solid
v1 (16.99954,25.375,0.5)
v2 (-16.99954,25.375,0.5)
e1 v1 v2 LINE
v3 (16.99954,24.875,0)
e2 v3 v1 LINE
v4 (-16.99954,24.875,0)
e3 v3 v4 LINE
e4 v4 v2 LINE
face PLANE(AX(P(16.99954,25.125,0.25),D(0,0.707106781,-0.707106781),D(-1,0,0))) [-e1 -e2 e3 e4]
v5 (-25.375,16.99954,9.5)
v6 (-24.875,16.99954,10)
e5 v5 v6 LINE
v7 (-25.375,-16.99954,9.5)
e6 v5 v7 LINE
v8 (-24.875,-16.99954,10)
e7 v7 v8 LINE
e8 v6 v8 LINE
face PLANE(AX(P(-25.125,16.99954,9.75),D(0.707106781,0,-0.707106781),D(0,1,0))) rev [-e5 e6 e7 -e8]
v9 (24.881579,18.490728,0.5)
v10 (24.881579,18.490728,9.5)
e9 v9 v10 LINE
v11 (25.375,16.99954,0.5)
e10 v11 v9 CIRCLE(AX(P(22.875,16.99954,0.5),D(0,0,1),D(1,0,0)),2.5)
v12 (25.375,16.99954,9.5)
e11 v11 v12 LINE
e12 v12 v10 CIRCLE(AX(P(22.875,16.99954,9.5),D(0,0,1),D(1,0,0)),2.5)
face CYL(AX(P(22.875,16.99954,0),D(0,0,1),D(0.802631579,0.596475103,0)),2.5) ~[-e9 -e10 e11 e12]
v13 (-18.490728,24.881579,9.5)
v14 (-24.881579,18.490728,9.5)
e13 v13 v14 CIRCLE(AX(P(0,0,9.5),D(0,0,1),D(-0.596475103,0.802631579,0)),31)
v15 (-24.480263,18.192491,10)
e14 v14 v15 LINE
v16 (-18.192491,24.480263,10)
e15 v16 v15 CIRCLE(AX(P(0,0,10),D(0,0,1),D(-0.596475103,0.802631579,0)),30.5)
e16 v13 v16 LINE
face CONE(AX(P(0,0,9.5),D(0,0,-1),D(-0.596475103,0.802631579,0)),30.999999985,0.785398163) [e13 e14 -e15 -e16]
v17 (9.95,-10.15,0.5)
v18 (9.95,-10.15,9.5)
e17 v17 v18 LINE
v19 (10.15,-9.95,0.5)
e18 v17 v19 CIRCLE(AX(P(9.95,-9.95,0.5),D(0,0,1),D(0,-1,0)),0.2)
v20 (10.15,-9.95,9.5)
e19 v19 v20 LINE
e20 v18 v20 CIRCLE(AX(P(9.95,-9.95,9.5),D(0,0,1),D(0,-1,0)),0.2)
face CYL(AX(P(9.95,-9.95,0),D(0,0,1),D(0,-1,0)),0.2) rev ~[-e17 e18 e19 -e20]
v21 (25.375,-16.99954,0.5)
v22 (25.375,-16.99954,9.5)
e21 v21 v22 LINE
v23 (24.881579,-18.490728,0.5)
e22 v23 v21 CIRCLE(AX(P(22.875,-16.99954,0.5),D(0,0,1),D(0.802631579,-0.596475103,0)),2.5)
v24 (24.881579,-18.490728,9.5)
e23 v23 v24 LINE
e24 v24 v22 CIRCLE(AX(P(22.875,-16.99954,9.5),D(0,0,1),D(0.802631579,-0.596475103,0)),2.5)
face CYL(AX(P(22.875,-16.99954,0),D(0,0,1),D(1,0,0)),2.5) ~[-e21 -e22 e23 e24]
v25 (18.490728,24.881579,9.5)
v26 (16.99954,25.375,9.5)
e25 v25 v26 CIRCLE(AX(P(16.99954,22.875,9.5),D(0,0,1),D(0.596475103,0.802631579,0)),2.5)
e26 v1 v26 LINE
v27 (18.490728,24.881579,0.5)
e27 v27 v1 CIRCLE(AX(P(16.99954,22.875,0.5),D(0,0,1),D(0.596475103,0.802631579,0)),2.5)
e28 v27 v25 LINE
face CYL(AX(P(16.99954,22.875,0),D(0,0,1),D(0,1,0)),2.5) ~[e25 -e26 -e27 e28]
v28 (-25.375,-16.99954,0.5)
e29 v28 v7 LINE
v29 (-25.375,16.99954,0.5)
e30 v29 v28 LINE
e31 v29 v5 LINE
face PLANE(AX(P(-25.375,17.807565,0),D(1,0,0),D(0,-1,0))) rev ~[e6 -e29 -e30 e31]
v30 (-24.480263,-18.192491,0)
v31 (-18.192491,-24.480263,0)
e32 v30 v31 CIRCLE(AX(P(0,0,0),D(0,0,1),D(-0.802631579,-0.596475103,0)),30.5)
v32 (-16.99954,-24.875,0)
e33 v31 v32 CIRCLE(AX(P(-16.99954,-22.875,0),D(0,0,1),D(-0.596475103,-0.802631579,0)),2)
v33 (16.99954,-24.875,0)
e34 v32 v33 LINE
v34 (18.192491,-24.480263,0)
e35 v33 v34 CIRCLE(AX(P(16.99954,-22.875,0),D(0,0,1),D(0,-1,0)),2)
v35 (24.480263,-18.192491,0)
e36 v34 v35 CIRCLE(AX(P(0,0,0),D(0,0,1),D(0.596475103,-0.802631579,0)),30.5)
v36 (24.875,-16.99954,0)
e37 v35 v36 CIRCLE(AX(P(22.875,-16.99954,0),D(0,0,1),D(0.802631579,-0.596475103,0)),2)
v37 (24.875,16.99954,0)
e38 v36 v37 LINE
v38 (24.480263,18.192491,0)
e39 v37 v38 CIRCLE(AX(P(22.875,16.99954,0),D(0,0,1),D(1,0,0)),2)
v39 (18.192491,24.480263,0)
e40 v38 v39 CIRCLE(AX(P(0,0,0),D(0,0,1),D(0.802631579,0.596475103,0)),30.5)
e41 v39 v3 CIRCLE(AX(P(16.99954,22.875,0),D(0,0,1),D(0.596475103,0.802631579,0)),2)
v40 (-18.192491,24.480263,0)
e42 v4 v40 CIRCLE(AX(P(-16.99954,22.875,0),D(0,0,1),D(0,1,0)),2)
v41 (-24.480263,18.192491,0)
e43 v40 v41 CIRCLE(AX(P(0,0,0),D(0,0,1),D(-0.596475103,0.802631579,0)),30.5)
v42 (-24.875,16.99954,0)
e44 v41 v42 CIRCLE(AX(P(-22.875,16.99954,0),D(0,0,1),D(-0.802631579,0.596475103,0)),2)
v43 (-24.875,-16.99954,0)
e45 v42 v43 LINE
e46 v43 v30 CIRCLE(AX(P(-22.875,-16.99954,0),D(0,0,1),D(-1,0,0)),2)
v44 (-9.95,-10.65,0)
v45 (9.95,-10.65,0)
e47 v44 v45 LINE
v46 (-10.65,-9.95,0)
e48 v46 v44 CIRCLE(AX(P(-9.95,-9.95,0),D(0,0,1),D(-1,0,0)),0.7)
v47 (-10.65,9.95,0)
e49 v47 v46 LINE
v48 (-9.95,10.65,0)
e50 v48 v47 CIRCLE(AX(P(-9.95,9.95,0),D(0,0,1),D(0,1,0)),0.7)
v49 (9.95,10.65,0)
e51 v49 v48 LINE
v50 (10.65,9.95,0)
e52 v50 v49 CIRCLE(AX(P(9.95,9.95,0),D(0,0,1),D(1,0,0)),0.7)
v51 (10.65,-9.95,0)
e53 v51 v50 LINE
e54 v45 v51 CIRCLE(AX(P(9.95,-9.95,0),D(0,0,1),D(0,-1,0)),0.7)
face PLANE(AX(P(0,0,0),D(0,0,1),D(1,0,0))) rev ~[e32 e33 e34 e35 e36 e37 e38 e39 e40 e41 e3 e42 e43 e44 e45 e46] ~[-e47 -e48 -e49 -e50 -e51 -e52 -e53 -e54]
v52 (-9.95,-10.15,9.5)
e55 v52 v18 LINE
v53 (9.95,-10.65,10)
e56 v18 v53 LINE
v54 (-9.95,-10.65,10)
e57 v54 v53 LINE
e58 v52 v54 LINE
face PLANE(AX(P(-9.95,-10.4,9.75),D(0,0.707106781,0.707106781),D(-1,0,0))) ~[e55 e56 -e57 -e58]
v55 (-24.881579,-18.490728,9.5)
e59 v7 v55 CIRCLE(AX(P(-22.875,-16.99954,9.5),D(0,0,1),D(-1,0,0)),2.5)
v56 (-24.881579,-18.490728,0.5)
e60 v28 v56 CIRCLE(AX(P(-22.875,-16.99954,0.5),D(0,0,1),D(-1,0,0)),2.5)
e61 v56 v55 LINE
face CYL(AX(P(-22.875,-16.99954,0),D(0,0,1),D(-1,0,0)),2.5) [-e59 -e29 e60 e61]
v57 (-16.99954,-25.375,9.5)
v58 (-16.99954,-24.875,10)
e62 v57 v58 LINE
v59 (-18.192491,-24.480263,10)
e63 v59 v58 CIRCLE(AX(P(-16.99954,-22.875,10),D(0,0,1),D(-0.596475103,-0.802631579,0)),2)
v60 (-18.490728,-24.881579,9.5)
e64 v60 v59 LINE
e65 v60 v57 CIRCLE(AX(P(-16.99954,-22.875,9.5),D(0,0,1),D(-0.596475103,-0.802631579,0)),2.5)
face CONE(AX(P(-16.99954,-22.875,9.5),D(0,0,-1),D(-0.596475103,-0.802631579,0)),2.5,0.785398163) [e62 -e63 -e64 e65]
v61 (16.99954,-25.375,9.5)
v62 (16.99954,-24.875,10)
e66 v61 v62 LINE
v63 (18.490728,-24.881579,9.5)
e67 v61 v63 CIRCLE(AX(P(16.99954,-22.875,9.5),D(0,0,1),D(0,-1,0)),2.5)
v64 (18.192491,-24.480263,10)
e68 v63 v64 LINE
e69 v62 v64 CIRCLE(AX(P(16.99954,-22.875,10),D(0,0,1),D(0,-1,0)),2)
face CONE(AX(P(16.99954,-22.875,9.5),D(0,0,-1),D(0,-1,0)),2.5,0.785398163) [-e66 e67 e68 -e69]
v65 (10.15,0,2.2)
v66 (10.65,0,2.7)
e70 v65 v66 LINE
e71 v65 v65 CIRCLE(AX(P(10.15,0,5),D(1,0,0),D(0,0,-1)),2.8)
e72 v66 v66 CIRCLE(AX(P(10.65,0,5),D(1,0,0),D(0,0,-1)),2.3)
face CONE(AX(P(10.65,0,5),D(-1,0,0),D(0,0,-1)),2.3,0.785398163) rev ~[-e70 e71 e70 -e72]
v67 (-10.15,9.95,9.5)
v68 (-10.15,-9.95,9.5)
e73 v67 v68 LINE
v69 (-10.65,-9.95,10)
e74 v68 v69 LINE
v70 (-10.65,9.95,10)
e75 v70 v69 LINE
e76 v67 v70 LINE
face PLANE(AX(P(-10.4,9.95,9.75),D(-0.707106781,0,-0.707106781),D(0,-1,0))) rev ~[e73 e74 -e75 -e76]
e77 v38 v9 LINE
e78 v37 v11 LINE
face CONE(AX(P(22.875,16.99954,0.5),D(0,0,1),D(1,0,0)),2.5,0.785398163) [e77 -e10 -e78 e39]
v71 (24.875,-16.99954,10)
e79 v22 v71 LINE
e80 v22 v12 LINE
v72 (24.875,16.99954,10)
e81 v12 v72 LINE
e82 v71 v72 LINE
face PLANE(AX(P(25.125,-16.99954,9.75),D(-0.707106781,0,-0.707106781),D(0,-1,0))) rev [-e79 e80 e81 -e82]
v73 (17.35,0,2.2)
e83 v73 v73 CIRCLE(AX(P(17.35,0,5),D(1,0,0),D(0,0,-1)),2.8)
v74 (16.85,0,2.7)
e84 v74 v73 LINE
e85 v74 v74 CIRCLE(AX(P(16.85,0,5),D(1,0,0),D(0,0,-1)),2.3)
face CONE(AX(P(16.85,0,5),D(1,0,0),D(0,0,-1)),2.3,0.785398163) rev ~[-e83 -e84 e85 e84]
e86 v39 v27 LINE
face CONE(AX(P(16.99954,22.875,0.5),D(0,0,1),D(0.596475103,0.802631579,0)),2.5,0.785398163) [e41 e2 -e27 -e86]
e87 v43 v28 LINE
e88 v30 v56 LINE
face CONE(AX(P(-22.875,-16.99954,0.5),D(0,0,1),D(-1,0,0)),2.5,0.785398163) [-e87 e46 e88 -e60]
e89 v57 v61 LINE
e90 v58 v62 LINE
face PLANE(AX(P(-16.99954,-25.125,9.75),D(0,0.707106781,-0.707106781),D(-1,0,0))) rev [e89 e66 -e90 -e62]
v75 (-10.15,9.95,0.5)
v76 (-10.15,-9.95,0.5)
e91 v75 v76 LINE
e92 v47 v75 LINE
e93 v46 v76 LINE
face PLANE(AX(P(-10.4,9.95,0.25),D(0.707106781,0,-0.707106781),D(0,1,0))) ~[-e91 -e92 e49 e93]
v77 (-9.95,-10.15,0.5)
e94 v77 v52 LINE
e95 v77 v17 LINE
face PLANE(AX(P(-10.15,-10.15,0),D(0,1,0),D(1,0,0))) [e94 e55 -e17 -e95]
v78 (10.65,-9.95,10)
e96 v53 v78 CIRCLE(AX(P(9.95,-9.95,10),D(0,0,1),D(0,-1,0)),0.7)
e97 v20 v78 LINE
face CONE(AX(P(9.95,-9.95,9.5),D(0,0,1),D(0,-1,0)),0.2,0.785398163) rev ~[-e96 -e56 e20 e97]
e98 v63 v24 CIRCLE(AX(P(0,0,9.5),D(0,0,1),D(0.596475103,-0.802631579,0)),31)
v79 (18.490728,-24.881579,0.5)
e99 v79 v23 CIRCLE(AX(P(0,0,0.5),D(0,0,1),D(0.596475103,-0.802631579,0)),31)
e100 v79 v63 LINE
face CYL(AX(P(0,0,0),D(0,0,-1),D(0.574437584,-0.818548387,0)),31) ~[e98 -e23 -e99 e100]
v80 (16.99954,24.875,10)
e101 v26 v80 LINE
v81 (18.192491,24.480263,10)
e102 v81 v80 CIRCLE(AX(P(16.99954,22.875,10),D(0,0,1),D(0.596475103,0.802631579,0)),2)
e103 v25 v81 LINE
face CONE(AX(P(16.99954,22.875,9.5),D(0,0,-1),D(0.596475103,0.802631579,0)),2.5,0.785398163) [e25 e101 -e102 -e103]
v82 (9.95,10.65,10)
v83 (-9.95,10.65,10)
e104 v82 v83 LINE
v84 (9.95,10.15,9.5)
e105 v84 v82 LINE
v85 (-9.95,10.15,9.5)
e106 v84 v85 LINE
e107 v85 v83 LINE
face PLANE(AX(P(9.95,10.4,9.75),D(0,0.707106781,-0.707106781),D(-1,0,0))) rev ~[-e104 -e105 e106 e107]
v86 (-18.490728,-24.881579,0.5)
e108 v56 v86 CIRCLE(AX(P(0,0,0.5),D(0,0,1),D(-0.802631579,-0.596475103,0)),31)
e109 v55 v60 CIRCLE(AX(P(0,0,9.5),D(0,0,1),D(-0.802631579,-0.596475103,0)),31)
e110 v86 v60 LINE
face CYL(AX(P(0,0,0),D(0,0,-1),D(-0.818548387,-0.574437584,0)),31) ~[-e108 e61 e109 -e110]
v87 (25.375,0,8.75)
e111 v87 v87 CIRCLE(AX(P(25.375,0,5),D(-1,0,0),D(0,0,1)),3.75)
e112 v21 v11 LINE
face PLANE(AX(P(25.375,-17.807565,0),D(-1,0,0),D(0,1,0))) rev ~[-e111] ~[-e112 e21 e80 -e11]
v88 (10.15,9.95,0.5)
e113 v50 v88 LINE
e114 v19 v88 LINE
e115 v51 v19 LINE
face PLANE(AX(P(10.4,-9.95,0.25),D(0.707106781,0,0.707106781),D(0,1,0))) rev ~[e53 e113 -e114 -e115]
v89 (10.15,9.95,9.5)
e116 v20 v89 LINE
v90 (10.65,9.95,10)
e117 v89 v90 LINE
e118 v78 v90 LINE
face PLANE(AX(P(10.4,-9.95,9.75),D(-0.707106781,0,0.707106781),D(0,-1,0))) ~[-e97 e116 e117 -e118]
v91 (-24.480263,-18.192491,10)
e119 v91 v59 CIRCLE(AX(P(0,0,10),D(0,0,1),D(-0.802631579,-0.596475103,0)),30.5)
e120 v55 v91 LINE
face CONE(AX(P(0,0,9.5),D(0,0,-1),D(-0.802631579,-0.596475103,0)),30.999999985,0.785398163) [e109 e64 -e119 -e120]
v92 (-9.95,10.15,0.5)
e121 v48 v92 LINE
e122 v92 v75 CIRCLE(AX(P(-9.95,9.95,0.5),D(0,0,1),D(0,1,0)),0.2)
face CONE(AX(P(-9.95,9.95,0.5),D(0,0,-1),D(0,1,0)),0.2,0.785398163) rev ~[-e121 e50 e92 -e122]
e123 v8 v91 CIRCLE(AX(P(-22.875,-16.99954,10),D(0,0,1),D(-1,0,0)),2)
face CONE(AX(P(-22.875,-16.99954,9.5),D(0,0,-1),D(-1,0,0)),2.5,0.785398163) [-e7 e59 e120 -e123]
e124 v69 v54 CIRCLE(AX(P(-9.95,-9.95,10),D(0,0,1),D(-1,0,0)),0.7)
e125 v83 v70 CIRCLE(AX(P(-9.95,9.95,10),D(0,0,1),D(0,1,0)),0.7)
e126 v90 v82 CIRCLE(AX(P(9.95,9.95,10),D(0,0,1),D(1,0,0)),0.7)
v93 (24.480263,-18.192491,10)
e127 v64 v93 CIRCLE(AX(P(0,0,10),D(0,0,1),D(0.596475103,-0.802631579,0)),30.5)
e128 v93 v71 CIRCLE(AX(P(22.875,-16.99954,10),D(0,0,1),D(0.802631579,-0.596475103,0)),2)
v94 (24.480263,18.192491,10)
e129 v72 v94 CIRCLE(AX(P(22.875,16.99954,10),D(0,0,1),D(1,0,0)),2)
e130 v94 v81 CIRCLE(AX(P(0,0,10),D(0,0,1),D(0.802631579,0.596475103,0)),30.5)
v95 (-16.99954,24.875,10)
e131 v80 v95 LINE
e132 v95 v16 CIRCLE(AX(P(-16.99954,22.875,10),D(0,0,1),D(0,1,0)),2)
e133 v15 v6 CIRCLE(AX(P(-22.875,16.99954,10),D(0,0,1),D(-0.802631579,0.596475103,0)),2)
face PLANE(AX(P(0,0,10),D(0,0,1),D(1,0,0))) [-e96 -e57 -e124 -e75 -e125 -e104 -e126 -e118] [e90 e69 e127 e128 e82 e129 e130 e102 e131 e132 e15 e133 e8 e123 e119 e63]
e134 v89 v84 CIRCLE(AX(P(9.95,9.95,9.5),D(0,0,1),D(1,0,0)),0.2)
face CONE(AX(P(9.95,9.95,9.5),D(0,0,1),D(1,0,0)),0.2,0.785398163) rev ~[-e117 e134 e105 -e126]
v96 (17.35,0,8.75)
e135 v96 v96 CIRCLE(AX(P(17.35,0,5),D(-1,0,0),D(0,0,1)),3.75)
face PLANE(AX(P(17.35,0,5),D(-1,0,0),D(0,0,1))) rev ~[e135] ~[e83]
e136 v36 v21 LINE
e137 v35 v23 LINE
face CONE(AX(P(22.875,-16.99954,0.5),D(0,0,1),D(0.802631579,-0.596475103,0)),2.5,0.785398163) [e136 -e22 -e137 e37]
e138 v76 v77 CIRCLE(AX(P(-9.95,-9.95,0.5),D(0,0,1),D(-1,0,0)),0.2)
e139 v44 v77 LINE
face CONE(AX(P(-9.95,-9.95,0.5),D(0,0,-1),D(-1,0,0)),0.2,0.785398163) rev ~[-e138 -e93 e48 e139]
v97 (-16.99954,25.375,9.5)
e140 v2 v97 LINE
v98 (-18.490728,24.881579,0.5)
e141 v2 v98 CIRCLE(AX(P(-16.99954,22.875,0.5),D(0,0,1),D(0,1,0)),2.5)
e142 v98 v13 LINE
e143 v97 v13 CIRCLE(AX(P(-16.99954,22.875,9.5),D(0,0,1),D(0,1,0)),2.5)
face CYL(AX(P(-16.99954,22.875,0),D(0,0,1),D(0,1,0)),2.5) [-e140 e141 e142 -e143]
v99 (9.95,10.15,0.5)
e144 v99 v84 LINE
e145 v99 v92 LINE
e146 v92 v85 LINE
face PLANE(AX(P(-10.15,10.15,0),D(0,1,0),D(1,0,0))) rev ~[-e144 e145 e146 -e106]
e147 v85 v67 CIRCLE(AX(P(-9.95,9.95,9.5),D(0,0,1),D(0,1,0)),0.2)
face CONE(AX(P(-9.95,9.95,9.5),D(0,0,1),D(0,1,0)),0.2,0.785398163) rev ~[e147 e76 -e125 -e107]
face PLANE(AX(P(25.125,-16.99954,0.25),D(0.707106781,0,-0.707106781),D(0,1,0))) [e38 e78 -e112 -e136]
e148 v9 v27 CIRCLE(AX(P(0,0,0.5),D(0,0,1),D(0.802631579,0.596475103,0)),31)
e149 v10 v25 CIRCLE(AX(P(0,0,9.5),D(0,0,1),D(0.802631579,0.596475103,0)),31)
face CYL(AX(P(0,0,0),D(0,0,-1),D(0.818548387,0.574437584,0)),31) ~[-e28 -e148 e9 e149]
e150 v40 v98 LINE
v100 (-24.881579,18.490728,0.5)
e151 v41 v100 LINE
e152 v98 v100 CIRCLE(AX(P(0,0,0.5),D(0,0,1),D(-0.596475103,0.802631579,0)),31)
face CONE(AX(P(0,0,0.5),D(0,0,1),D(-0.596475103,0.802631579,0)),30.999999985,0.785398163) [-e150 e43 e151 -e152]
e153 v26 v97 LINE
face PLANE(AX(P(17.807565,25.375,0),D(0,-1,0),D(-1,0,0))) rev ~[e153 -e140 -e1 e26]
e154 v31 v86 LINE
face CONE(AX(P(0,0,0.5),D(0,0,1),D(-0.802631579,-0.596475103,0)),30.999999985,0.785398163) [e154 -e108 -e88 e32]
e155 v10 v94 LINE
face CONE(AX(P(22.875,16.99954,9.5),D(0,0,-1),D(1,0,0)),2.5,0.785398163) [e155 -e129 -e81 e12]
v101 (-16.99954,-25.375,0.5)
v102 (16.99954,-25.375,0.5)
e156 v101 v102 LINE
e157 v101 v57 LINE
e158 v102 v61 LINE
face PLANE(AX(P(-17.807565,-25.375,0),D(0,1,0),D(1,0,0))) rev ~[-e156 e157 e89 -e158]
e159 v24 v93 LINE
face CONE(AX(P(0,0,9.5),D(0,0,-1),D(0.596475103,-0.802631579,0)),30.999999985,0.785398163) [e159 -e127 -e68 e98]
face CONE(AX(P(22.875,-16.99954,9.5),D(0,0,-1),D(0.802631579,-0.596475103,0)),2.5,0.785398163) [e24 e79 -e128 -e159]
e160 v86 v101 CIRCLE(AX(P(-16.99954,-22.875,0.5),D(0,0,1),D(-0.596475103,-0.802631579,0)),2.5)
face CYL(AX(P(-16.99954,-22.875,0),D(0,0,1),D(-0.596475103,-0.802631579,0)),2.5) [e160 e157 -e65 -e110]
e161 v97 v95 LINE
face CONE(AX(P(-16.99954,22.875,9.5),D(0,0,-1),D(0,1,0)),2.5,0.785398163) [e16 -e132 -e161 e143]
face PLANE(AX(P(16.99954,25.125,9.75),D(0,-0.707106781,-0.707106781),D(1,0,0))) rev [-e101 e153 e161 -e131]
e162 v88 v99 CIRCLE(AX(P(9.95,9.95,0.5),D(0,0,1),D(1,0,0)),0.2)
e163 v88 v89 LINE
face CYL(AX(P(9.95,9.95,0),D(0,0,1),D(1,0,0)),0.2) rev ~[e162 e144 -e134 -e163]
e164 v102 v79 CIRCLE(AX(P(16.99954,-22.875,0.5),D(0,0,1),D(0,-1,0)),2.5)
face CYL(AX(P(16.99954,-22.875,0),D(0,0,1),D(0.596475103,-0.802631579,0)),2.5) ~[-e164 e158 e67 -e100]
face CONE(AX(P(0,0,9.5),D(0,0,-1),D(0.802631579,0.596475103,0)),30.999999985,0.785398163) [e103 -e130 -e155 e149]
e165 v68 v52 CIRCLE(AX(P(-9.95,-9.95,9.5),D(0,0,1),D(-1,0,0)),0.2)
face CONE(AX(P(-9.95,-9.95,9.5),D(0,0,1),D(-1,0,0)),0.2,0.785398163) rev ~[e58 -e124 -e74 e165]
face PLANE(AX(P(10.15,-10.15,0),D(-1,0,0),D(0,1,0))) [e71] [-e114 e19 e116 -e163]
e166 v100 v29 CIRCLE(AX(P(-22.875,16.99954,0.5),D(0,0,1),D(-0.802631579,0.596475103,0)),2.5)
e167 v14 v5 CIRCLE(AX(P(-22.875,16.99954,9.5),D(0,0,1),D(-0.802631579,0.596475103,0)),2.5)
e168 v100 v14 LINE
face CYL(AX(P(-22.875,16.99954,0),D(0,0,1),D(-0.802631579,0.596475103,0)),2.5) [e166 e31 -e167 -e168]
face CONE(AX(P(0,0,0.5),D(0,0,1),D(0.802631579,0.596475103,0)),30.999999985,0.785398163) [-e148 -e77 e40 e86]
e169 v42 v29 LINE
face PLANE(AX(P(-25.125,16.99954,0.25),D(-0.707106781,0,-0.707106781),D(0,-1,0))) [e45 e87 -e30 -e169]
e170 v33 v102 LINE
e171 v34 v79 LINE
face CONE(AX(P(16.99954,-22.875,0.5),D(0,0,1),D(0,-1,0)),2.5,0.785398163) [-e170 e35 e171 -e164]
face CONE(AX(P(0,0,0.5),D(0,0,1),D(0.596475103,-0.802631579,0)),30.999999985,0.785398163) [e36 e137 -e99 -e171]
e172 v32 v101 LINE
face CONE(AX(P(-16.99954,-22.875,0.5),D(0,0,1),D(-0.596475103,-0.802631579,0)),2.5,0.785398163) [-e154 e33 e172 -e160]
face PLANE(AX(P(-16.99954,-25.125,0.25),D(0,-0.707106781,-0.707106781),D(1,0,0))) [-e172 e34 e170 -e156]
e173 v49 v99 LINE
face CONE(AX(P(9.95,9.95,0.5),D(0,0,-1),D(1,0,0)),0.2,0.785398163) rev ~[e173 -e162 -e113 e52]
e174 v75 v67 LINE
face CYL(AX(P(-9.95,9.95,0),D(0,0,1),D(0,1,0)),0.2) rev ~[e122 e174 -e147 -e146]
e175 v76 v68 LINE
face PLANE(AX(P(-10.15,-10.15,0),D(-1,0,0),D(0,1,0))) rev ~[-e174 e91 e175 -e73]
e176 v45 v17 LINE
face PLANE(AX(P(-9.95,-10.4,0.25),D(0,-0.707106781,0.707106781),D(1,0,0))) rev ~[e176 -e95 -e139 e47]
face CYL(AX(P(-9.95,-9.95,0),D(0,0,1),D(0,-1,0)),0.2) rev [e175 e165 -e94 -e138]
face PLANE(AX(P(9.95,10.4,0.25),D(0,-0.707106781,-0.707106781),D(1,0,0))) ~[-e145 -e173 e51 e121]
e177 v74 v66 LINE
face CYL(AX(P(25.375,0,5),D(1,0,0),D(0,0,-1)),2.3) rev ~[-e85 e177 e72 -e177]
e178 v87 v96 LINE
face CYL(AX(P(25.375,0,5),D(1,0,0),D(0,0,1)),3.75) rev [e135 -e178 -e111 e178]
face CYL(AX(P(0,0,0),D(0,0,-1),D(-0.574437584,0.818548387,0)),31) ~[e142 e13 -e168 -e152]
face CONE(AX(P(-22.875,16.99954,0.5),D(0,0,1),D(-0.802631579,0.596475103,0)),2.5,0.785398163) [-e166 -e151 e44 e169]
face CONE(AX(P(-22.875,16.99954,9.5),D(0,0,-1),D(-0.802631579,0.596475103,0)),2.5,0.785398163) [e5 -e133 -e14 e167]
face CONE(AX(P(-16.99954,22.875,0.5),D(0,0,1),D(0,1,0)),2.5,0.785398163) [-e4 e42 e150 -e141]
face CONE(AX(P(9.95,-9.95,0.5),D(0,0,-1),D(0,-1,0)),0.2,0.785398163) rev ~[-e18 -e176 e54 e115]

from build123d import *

# Parameters (mm, degrees)
SKIZZE1_W                       = 20.3
SKIZZE1_H                       = 20.3
AUFSATZ_LINEAR_AUSTRAGEN1_DEPTH = 10
VERRUNDUNG1_R                   = 0.2
VERRUNDUNG2_R                   = 2.5
SCHNITT_LINEAR_AUSTRAGEN1_REACH = 52.75
SKIZZE2_R                       = 2.3
CUT_EXTRUDE2_START              = -50.75
SKETCH1_2_R                     = 3.75
CUT_EXTRUDE2_DEPTH              = 8.025
FASE2_SIZE                      = 0.5


with BuildPart() as part:
    # Skizze1 → Aufsatz-Linear austragen1 (new body)
    with BuildSketch(Plane.XY):
        with BuildLine():
            Line((17.807565106, 25.375), (-17.807565106, 25.375))
            ThreePointArc((-17.807565106, 25.375), (-21.920310217, 21.920310217), (-25.375, 17.807565106))
            Line((-25.375, 17.807565106), (-25.375, -17.807565106))
            ThreePointArc((-25.375, -17.807565106), (-21.920310217, -21.920310217), (-17.807565106, -25.375))
            Line((-17.807565106, -25.375), (17.807565106, -25.375))
            ThreePointArc((17.807565106, -25.375), (21.920310217, -21.920310217), (25.375, -17.807565106))
            Line((25.375, -17.807565106), (25.375, 17.807565106))
            ThreePointArc((25.375, 17.807565106), (21.920310217, 21.920310217), (17.807565106, 25.375))
        make_face()
        Rectangle(SKIZZE1_W, SKIZZE1_H, mode=Mode.SUBTRACT)
    extrude(amount=AUFSATZ_LINEAR_AUSTRAGEN1_DEPTH)

    # Verrundung1
    verrundung1_edges = [part.edges().sort_by_distance(p)[0] for p in [
        (10.15, -10.15, 5),
        (10.15, 10.15, 5),
        (-10.15, 10.15, 5),
        (-10.15, -10.15, 5),
    ]]
    fillet(verrundung1_edges, radius=VERRUNDUNG1_R)

    # Verrundung2
    verrundung2_edges = [part.edges().sort_by_distance(p)[0] for p in [
        (25.375, 17.807565106, 5),
        (25.375, -17.807565106, 5),
        (17.807565106, -25.375, 5),
        (-17.807565106, -25.375, 5),
        (-25.375, -17.807565106, 5),
        (-25.375, 17.807565106, 5),
        (-17.807565106, 25.375, 5),
        (17.807565106, 25.375, 5),
    ]]
    fillet(verrundung2_edges, radius=VERRUNDUNG2_R)

    # Skizze2 → Schnitt-Linear austragen1 (cut, up to next)
    with BuildSketch(Plane(origin=(25.375, 0, 0), x_dir=(0, 0, -1), z_dir=(1, 0, 0)), mode=Mode.PRIVATE) as schnitt_linear_austragen1_sk1:
        with Locations((-5, 0)):
            Circle(SKIZZE2_R)
    schnitt_linear_austragen1_tool1 = extrude(schnitt_linear_austragen1_sk1.sketch, amount=-SCHNITT_LINEAR_AUSTRAGEN1_REACH, mode=Mode.PRIVATE) & part.part
    add(schnitt_linear_austragen1_tool1.solids().sort_by_distance((25.375, 0, 5))[0], mode=Mode.SUBTRACT)

    # Sketch1<2> → Cut-Extrude2 (cut)
    with BuildSketch(Plane.ZY.offset(25.375).offset(CUT_EXTRUDE2_START)):
        with Locations((5, 0)):
            Circle(SKETCH1_2_R)
    extrude(amount=CUT_EXTRUDE2_DEPTH, mode=Mode.SUBTRACT)

    # Fase2
    fase2_edges = [part.edges().sort_by_distance(p)[0] for p in [
        (10.15, 0, 7.3),
        (17.35, 0, 7.3),
        (0, -10.15, 0),
        (0, -10.15, 10),
        (10.15, 0, 0),
        (10.15, 0, 10),
        (-10.15, 0, 0),
        (-10.15, 0, 10),
        (0, 10.15, 0),
        (0, 10.15, 10),
        (10.091421356, -10.091421356, 0),
        (10.091421356, -10.091421356, 10),
        (-10.091421356, -10.091421356, 0),
        (-10.091421356, -10.091421356, 10),
        (-10.091421356, 10.091421356, 0),
        (-10.091421356, 10.091421356, 10),
        (10.091421356, 10.091421356, 0),
        (10.091421356, 10.091421356, 10),
        (0, 25.375, 0),
        (0, 25.375, 10),
        (21.920310217, 21.920310217, 0),
        (25.375, 0, 0),
        (21.920310217, -21.920310217, 0),
        (0, -25.375, 0),
        (-21.920310217, -21.920310217, 0),
        (-25.375, 0, 0),
        (-21.920310217, 21.920310217, 0),
        (-17.784891513, 25.248441317, 0),
        (-25.248441317, 17.784891513, 0),
        (-25.248441317, -17.784891513, 0),
        (-17.784891513, -25.248441317, 0),
        (17.784891513, -25.248441317, 0),
        (25.248441317, -17.784891513, 0),
        (25.248441317, 17.784891513, 0),
        (17.784891513, 25.248441317, 0),
        (21.920310217, 21.920310217, 10),
        (-21.920310217, 21.920310217, 10),
        (-25.375, 0, 10),
        (-21.920310217, -21.920310217, 10),
        (0, -25.375, 10),
        (21.920310217, -21.920310217, 10),
        (25.375, 0, 10),
        (-17.784891513, 25.248441317, 10),
        (-25.248441317, 17.784891513, 10),
        (-25.248441317, -17.784891513, 10),
        (-17.784891513, -25.248441317, 10),
        (17.784891513, -25.248441317, 10),
        (25.248441317, -17.784891513, 10),
        (25.248441317, 17.784891513, 10),
        (17.784891513, 25.248441317, 10),
    ]]
    chamfer(fase2_edges, length=FASE2_SIZE)


solid = part.part
